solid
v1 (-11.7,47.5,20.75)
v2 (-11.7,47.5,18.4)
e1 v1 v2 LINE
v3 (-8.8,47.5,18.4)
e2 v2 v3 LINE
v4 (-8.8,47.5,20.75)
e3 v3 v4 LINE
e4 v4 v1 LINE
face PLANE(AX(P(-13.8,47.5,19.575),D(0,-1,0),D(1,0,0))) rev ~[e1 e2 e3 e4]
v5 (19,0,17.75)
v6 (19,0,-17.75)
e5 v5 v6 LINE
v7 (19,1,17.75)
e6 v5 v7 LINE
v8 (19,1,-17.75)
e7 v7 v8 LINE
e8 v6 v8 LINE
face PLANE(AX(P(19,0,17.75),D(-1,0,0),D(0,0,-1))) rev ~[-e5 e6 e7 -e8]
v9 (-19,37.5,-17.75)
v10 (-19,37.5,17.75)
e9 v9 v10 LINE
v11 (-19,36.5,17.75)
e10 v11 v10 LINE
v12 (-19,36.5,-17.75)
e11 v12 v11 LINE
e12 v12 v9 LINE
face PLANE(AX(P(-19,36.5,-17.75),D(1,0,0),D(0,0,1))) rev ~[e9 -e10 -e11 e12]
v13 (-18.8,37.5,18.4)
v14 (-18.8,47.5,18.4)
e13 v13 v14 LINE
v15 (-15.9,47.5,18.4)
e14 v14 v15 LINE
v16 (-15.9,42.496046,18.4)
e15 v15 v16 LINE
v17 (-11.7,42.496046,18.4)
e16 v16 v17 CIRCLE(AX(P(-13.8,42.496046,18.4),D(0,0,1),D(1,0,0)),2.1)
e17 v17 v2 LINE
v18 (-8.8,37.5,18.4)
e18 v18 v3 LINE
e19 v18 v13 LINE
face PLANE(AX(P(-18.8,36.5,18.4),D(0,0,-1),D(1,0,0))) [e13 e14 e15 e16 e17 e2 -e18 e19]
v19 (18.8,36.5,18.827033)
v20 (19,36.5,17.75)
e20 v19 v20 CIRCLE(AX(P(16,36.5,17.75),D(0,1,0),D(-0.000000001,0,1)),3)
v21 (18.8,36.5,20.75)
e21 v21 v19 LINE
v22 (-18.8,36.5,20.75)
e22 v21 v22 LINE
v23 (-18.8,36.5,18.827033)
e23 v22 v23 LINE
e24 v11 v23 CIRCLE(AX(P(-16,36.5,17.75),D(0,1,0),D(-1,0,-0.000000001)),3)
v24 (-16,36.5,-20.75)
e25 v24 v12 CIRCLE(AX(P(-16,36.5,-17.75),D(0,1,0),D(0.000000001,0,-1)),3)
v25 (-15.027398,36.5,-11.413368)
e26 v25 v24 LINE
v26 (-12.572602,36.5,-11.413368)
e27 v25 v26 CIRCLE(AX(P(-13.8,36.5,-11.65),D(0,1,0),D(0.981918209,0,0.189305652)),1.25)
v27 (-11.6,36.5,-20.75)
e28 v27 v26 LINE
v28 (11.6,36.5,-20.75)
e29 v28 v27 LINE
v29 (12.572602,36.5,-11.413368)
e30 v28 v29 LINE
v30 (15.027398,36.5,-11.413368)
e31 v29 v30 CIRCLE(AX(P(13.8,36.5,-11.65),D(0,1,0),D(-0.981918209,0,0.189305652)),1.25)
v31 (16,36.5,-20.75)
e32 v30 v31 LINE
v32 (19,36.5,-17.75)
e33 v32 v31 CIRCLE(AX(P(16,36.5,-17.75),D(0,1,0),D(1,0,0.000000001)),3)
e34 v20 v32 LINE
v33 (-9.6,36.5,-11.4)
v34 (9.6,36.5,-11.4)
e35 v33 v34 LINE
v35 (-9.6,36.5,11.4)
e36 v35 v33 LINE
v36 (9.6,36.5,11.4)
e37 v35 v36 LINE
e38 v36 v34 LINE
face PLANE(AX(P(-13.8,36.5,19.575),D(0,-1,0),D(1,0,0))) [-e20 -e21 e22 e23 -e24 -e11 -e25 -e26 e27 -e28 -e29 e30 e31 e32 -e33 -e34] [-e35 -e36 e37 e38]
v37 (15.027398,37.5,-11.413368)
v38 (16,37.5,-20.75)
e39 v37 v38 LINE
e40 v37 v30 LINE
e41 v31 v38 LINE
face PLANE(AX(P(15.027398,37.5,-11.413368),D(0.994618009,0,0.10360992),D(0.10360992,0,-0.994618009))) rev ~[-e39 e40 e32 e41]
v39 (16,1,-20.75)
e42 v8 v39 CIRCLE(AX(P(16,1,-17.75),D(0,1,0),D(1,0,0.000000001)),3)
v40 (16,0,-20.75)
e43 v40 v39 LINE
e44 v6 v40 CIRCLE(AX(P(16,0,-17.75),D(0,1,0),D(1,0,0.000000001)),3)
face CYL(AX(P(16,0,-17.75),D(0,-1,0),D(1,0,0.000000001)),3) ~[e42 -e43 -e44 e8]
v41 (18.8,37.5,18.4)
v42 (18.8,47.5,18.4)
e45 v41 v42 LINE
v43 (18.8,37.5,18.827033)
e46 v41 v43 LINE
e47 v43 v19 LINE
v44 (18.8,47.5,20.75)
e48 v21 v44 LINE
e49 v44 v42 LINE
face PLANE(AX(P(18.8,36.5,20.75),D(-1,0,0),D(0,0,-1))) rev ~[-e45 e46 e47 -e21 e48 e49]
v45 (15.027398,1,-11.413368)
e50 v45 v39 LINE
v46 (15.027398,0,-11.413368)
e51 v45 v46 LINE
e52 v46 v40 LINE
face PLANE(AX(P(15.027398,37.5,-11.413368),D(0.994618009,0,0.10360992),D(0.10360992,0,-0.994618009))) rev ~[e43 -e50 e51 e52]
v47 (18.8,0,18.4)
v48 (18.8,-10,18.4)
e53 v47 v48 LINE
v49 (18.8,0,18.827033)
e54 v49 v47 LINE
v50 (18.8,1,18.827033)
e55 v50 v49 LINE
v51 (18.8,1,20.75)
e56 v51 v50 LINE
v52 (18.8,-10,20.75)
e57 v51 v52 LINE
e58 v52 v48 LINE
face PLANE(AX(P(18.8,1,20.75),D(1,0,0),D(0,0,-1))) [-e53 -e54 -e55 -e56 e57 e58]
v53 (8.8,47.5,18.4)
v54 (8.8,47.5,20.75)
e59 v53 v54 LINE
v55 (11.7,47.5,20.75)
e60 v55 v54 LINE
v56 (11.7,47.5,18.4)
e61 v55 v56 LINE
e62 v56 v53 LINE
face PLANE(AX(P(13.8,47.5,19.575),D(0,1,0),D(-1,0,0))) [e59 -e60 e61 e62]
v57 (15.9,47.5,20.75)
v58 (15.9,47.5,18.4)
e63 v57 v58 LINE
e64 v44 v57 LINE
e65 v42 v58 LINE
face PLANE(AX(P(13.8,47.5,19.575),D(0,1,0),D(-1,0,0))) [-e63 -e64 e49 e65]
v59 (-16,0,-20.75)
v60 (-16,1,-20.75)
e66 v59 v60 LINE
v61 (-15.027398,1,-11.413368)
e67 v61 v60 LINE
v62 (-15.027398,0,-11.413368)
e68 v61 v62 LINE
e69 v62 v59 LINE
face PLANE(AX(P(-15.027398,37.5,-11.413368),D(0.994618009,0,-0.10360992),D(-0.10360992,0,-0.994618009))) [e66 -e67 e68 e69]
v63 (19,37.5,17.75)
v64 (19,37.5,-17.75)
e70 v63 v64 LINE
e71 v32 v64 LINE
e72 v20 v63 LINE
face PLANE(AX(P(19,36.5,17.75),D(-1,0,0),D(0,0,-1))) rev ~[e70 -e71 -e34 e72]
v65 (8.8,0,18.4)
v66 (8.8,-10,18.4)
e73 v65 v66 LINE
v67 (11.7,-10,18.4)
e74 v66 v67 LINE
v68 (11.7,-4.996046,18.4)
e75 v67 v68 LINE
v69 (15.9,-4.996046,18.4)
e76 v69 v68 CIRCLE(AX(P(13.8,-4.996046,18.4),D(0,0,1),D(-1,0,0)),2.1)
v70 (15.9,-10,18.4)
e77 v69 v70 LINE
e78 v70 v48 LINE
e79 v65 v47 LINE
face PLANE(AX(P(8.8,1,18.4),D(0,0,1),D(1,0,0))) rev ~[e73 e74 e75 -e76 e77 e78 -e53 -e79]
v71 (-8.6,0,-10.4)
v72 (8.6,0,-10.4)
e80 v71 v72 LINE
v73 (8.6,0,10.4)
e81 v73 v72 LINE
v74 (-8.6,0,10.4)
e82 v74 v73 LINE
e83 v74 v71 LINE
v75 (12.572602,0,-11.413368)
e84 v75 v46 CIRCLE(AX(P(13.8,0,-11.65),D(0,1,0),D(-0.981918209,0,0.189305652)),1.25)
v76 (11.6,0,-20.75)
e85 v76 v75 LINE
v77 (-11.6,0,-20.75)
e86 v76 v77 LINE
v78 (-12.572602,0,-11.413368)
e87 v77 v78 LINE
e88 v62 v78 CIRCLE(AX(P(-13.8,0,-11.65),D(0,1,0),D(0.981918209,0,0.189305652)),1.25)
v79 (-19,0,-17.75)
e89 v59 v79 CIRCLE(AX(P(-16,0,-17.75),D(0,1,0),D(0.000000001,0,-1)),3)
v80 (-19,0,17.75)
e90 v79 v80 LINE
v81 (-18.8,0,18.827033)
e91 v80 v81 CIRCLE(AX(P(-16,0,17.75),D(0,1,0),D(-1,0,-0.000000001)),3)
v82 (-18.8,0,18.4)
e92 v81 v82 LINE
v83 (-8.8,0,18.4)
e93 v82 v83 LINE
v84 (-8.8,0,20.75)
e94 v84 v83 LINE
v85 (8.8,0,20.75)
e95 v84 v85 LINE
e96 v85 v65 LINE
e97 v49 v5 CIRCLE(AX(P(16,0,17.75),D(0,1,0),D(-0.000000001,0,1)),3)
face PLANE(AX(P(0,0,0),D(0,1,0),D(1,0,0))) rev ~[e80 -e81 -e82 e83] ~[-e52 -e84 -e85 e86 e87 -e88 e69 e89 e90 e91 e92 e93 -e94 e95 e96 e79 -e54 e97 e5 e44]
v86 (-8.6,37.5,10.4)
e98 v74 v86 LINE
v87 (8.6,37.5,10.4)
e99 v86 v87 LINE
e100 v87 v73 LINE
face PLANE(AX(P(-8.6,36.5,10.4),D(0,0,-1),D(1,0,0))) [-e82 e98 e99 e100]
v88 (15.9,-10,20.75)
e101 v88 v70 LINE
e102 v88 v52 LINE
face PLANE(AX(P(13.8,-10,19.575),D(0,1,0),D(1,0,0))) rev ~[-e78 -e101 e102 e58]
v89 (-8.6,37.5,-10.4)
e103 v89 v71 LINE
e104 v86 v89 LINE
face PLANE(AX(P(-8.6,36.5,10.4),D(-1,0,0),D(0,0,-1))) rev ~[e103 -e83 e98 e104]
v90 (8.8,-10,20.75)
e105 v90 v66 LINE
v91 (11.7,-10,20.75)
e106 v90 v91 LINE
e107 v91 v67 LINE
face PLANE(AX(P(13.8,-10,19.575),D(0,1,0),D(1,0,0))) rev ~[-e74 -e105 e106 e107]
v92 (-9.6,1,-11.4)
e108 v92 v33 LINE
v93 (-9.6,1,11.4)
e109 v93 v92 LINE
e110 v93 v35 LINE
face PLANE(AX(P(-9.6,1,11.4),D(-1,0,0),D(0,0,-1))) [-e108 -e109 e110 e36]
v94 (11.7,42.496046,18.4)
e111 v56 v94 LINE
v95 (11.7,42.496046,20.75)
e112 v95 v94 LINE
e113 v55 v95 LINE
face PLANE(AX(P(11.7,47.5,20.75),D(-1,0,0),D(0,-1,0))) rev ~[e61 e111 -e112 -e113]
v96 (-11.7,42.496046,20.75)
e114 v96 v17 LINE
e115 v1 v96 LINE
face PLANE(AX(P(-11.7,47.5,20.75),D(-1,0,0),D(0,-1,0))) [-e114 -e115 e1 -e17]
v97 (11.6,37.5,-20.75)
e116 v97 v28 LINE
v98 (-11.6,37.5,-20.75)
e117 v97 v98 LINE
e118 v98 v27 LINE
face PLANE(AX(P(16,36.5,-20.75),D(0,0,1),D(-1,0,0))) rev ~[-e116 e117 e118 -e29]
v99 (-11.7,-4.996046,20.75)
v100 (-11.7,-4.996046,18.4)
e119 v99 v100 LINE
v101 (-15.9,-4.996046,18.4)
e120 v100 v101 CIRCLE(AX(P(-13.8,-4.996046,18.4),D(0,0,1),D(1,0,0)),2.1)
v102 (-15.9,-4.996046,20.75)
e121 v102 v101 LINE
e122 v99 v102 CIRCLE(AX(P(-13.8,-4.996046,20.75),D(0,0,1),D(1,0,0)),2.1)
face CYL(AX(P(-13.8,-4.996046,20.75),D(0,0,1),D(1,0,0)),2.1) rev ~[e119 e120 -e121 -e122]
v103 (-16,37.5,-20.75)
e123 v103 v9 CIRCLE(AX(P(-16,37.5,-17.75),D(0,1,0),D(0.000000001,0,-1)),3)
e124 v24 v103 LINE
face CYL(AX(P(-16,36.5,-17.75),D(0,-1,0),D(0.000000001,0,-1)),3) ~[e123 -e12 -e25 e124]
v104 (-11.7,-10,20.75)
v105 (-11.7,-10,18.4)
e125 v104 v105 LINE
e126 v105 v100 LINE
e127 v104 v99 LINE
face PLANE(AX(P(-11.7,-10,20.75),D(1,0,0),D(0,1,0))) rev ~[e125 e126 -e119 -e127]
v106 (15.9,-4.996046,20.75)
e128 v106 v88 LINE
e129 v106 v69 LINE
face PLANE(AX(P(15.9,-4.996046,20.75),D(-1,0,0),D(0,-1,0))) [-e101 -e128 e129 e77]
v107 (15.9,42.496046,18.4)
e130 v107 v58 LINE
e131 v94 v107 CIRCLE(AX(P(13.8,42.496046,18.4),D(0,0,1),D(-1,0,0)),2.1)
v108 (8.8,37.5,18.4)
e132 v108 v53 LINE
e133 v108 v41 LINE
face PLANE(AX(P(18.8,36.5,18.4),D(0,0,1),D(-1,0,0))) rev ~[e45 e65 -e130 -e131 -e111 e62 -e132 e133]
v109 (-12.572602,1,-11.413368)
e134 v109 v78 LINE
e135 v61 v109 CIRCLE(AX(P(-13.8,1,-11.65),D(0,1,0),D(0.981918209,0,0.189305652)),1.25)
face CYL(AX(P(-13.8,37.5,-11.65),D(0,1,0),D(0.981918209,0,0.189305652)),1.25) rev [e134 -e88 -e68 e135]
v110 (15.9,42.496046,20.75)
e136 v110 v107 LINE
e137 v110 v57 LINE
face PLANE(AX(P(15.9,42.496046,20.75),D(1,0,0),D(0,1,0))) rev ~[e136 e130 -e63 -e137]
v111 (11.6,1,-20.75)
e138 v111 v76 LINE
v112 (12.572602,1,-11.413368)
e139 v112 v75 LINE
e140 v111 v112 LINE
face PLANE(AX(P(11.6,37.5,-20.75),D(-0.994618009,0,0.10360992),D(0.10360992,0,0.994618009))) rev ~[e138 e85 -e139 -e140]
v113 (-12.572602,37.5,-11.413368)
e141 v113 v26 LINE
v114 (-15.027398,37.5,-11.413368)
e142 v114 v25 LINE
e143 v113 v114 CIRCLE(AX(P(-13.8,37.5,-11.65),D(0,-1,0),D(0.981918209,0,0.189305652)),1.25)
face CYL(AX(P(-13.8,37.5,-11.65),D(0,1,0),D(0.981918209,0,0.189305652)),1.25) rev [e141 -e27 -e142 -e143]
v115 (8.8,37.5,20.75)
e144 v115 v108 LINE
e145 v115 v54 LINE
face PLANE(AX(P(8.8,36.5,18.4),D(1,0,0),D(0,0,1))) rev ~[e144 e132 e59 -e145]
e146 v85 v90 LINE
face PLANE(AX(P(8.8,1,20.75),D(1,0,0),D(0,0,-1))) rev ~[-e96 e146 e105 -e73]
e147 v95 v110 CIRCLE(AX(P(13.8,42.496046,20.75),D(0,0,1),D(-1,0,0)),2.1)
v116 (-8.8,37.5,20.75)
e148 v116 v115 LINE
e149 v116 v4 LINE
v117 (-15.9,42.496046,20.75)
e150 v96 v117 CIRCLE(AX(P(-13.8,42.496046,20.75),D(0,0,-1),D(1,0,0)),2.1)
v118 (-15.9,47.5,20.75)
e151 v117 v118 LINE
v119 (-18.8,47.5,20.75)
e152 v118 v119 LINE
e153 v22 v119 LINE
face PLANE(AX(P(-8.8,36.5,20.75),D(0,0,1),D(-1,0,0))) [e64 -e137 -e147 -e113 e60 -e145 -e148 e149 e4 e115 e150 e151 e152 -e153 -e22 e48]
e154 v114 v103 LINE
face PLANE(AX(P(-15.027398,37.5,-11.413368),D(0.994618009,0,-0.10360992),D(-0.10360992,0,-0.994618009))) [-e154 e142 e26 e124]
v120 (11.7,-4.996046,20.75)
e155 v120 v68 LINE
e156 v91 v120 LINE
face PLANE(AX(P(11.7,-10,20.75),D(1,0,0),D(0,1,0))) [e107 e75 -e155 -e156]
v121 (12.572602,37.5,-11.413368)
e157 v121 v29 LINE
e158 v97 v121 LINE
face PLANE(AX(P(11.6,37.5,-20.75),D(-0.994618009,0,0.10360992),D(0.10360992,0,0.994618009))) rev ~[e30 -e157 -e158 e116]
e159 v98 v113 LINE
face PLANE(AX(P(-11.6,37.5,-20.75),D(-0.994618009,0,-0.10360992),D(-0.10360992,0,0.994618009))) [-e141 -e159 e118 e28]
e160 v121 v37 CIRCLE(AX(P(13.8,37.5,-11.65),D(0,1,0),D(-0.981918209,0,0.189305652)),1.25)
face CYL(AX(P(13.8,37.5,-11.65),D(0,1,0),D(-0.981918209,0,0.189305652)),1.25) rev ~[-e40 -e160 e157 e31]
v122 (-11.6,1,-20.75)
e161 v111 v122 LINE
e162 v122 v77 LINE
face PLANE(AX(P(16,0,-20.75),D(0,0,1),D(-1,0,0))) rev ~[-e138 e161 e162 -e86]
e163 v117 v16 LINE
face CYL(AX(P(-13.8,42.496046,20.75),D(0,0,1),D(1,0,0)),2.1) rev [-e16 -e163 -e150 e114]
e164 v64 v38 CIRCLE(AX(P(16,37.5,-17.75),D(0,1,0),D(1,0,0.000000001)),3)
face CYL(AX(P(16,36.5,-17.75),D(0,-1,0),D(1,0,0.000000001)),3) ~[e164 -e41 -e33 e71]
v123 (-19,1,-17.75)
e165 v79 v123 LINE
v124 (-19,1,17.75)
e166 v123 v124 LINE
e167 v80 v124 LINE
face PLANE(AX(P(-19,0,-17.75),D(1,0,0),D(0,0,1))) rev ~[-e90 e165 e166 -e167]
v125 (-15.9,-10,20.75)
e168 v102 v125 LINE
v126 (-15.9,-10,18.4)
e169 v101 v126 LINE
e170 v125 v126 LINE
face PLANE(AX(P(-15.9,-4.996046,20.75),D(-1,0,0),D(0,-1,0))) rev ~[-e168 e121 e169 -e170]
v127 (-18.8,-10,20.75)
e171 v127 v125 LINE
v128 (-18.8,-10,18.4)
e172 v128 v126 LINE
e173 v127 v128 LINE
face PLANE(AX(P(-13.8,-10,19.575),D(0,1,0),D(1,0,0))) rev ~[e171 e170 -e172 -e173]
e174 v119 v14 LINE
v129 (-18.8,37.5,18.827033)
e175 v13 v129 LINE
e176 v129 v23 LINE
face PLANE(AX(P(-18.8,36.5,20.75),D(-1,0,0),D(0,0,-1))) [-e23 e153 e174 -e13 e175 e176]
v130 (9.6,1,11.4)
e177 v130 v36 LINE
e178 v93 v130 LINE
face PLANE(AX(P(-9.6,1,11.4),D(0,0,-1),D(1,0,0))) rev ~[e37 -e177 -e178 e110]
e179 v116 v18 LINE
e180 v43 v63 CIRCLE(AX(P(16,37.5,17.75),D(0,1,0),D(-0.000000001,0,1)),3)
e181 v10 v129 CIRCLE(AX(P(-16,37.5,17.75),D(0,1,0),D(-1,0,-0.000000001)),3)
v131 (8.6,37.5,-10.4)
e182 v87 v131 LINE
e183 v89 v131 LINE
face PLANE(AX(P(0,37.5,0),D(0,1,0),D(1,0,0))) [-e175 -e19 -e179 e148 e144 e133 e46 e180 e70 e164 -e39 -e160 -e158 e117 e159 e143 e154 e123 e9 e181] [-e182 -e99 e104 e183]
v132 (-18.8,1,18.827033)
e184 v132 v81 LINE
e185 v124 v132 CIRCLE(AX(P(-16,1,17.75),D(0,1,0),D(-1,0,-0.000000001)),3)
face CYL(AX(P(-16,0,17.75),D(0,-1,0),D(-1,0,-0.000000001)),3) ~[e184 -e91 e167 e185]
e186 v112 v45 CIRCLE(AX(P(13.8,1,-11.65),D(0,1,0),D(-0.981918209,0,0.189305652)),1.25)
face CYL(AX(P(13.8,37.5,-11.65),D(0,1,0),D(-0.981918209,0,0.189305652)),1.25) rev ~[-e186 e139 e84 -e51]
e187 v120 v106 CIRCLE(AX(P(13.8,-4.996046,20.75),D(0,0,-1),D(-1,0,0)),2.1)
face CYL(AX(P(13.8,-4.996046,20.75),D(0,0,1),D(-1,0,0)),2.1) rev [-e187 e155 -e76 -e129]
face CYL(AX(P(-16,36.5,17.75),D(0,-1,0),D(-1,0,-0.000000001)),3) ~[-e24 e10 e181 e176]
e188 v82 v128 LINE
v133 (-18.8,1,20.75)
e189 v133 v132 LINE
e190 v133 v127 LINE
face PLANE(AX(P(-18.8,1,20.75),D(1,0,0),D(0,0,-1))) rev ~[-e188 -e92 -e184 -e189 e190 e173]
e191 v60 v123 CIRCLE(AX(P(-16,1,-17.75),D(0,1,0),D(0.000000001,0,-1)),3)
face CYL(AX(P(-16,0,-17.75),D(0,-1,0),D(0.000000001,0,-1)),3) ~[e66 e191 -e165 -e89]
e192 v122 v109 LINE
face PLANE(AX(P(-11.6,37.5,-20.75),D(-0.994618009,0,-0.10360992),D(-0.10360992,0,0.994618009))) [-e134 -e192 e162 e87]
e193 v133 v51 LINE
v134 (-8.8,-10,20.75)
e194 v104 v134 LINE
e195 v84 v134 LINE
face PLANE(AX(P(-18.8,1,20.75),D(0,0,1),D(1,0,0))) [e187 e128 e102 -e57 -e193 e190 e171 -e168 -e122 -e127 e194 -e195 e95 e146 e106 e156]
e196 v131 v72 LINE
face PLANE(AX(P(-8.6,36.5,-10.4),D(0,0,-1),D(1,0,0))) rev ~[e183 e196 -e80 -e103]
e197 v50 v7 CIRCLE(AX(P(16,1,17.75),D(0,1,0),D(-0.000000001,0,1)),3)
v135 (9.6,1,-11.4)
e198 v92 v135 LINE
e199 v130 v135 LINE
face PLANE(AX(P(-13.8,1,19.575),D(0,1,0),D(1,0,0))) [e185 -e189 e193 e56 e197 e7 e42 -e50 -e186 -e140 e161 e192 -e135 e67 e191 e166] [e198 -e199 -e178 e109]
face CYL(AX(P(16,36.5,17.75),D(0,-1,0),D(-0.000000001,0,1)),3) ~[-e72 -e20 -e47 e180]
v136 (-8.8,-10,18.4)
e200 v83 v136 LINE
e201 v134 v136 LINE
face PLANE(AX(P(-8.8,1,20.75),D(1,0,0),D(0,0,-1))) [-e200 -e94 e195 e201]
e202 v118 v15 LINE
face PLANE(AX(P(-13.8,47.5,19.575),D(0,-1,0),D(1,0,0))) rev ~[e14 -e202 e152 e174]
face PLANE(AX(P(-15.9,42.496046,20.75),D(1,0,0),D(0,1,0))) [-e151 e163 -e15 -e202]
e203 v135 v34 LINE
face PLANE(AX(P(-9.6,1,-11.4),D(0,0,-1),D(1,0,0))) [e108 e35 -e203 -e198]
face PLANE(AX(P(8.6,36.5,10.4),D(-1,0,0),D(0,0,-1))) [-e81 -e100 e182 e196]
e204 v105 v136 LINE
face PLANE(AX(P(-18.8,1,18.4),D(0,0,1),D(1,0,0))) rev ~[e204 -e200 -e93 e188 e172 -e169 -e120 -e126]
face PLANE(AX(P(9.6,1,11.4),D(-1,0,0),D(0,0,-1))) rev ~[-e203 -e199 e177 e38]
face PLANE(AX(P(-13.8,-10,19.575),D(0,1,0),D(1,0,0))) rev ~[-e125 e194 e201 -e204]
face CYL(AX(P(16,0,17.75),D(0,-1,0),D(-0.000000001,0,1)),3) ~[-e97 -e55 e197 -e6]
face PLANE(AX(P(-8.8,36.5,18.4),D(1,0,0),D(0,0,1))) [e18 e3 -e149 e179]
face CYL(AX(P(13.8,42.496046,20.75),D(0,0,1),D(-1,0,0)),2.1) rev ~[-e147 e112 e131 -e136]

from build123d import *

# Parameters (mm, degrees)
SKETCH1_W           = 17.2
SKETCH1_H           = 20.8
BOSS_EXTRUDE1_DEPTH = 1
SKETCH2_W           = 19.2
SKETCH2_H           = 22.8
SKETCH2_W_2         = 17.2
SKETCH2_H_2         = 20.8
BOSS_EXTRUDE2_DEPTH = 35.5
SKETCH3_W           = 17.2
SKETCH3_H           = 20.8
BOSS_EXTRUDE3_DEPTH = 1
CUT_EXTRUDE1_DEPTH  = 38.5
BOSS_EXTRUDE4_DEPTH = 11
SKETCH8_W           = 10
SKETCH8_H           = 2.35
BOSS_EXTRUDE5_DEPTH = 11
CUT_EXTRUDE2_DEPTH  = 42.5


with BuildPart() as part:
    # Sketch1 → Boss-Extrude1 (new body)
    with BuildSketch(Plane(origin=(0, 0, 0), x_dir=(1, 0, 0), z_dir=(0, 1, 0))):
        with BuildLine():
            Line((-16, -20.75), (16, -20.75))
            ThreePointArc((16, -20.75), (18.121320344, -19.871320344), (19, -17.75))
            Line((19, -17.75), (19, 17.75))
            ThreePointArc((19, 17.75), (18.121320344, 19.871320344), (16, 20.75))
            Line((16, 20.75), (-16, 20.75))
            ThreePointArc((-16, 20.75), (-18.121320344, 19.871320344), (-19, 17.75))
            Line((-19, 17.75), (-19, -17.75))
            ThreePointArc((-19, -17.75), (-18.121320344, -19.871320344), (-16, -20.75))
        make_face()
        Rectangle(SKETCH1_W, SKETCH1_H, mode=Mode.SUBTRACT)
    extrude(amount=BOSS_EXTRUDE1_DEPTH)

    # Sketch2 → Boss-Extrude2 (add)
    with BuildSketch(Plane(origin=(0, 1, 0), x_dir=(1, 0, 0), z_dir=(0, 1, 0))):
        Rectangle(SKETCH2_W, SKETCH2_H)
        Rectangle(SKETCH2_W_2, SKETCH2_H_2, mode=Mode.SUBTRACT)
    extrude(amount=BOSS_EXTRUDE2_DEPTH)

    # Sketch3 → Boss-Extrude3 (add)
    with BuildSketch(Plane(origin=(0, 36.5, 0), x_dir=(1, 0, 0), z_dir=(0, 1, 0))):
        with BuildLine():
            Line((-16, -20.75), (16, -20.75))
            ThreePointArc((16, -20.75), (18.121320344, -19.871320344), (19, -17.75))
            Line((19, -17.75), (19, 17.75))
            ThreePointArc((19, 17.75), (18.121320344, 19.871320344), (16, 20.75))
            Line((16, 20.75), (-16, 20.75))
            ThreePointArc((-16, 20.75), (-18.121320344, 19.871320344), (-19, 17.75))
            Line((-19, 17.75), (-19, -17.75))
            ThreePointArc((-19, -17.75), (-18.121320344, -19.871320344), (-16, -20.75))
        make_face()
        Rectangle(SKETCH3_W, SKETCH3_H, mode=Mode.SUBTRACT)
    extrude(amount=BOSS_EXTRUDE3_DEPTH)

    # Sketch4 → Cut-Extrude1 (cut, through all)
    with BuildSketch(Plane(origin=(0, 37.5, 0), x_dir=(-1, 0, 0), z_dir=(0, 1, 0))):
        with BuildLine():
            Line((11.6, -20.75), (12.572602238, -11.413367935))
            ThreePointArc((12.572602238, -11.413367935), (13.8, -10.4), (15.027397762, -11.413367935))
            Line((15.027397762, -11.413367935), (16, -20.75))
            Line((16, -20.75), (11.6, -20.75))
        make_face()
        with BuildLine():
            Line((-11.6, -20.75), (-12.572602238, -11.413367935))
            ThreePointArc((-12.572602238, -11.413367935), (-13.8, -10.4), (-15.027397762, -11.413367935))
            Line((-15.027397762, -11.413367935), (-16, -20.75))
            Line((-16, -20.75), (-11.6, -20.75))
        make_face()
    extrude(amount=-CUT_EXTRUDE1_DEPTH, mode=Mode.SUBTRACT)

    # Sketch6 → Boss-Extrude4 (add)
    with BuildSketch(Plane.XZ.offset(-36.5)):
        Polygon((-13.8, 20.75), (-18.8, 20.75), (-18.8, 18.4), (-8.8, 18.4), (-8.8, 20.75), align=None)
        Polygon((8.8, 18.4), (8.8, 20.75), (13.8, 20.75), (18.8, 20.75), (18.8, 18.4), align=None)
    extrude(amount=-BOSS_EXTRUDE4_DEPTH)

    # Sketch8 → Boss-Extrude5 (add)
    with BuildSketch(Plane(origin=(0, 1, 0), x_dir=(1, 0, 0), z_dir=(0, 1, 0))):
        with Locations((-13.8, -19.575)):
            Rectangle(SKETCH8_W, SKETCH8_H)
        with Locations((13.8, -19.575)):
            Rectangle(SKETCH8_W, SKETCH8_H)
    extrude(amount=-BOSS_EXTRUDE5_DEPTH)

    # Sketch9 → Cut-Extrude2 (cut, through all)
    with BuildSketch(Plane.XY.offset(20.75)):
        with BuildLine():
            Line((-15.9, -4.996046188), (-15.9, -10))
            Line((-15.9, -10), (-11.7, -10))
            Line((-11.7, -10), (-11.7, -4.996046188))
            ThreePointArc((-11.7, -4.996046188), (-13.8, -2.896046188), (-15.9, -4.996046188))
        make_face()
        with BuildLine():
            Line((15.9, -10), (11.7, -10))
            Line((11.7, -10), (11.7, -4.996046188))
            ThreePointArc((11.7, -4.996046188), (13.8, -2.896046188), (15.9, -4.996046188))
            Line((15.9, -4.996046188), (15.9, -10))
        make_face()
        with BuildLine():
            Line((15.9, 47.5), (11.7, 47.5))
            Line((11.7, 47.5), (11.7, 42.496046188))
            ThreePointArc((11.7, 42.496046188), (13.8, 40.396046188), (15.9, 42.496046188))
            Line((15.9, 42.496046188), (15.9, 47.5))
        make_face()
        with BuildLine():
            Line((-15.9, 47.5), (-11.7, 47.5))
            Line((-11.7, 47.5), (-11.7, 42.496046188))
            ThreePointArc((-11.7, 42.496046188), (-13.8, 40.396046188), (-15.9, 42.496046188))
            Line((-15.9, 42.496046188), (-15.9, 47.5))
        make_face()
    extrude(amount=-CUT_EXTRUDE2_DEPTH, mode=Mode.SUBTRACT)


solid = part.part
